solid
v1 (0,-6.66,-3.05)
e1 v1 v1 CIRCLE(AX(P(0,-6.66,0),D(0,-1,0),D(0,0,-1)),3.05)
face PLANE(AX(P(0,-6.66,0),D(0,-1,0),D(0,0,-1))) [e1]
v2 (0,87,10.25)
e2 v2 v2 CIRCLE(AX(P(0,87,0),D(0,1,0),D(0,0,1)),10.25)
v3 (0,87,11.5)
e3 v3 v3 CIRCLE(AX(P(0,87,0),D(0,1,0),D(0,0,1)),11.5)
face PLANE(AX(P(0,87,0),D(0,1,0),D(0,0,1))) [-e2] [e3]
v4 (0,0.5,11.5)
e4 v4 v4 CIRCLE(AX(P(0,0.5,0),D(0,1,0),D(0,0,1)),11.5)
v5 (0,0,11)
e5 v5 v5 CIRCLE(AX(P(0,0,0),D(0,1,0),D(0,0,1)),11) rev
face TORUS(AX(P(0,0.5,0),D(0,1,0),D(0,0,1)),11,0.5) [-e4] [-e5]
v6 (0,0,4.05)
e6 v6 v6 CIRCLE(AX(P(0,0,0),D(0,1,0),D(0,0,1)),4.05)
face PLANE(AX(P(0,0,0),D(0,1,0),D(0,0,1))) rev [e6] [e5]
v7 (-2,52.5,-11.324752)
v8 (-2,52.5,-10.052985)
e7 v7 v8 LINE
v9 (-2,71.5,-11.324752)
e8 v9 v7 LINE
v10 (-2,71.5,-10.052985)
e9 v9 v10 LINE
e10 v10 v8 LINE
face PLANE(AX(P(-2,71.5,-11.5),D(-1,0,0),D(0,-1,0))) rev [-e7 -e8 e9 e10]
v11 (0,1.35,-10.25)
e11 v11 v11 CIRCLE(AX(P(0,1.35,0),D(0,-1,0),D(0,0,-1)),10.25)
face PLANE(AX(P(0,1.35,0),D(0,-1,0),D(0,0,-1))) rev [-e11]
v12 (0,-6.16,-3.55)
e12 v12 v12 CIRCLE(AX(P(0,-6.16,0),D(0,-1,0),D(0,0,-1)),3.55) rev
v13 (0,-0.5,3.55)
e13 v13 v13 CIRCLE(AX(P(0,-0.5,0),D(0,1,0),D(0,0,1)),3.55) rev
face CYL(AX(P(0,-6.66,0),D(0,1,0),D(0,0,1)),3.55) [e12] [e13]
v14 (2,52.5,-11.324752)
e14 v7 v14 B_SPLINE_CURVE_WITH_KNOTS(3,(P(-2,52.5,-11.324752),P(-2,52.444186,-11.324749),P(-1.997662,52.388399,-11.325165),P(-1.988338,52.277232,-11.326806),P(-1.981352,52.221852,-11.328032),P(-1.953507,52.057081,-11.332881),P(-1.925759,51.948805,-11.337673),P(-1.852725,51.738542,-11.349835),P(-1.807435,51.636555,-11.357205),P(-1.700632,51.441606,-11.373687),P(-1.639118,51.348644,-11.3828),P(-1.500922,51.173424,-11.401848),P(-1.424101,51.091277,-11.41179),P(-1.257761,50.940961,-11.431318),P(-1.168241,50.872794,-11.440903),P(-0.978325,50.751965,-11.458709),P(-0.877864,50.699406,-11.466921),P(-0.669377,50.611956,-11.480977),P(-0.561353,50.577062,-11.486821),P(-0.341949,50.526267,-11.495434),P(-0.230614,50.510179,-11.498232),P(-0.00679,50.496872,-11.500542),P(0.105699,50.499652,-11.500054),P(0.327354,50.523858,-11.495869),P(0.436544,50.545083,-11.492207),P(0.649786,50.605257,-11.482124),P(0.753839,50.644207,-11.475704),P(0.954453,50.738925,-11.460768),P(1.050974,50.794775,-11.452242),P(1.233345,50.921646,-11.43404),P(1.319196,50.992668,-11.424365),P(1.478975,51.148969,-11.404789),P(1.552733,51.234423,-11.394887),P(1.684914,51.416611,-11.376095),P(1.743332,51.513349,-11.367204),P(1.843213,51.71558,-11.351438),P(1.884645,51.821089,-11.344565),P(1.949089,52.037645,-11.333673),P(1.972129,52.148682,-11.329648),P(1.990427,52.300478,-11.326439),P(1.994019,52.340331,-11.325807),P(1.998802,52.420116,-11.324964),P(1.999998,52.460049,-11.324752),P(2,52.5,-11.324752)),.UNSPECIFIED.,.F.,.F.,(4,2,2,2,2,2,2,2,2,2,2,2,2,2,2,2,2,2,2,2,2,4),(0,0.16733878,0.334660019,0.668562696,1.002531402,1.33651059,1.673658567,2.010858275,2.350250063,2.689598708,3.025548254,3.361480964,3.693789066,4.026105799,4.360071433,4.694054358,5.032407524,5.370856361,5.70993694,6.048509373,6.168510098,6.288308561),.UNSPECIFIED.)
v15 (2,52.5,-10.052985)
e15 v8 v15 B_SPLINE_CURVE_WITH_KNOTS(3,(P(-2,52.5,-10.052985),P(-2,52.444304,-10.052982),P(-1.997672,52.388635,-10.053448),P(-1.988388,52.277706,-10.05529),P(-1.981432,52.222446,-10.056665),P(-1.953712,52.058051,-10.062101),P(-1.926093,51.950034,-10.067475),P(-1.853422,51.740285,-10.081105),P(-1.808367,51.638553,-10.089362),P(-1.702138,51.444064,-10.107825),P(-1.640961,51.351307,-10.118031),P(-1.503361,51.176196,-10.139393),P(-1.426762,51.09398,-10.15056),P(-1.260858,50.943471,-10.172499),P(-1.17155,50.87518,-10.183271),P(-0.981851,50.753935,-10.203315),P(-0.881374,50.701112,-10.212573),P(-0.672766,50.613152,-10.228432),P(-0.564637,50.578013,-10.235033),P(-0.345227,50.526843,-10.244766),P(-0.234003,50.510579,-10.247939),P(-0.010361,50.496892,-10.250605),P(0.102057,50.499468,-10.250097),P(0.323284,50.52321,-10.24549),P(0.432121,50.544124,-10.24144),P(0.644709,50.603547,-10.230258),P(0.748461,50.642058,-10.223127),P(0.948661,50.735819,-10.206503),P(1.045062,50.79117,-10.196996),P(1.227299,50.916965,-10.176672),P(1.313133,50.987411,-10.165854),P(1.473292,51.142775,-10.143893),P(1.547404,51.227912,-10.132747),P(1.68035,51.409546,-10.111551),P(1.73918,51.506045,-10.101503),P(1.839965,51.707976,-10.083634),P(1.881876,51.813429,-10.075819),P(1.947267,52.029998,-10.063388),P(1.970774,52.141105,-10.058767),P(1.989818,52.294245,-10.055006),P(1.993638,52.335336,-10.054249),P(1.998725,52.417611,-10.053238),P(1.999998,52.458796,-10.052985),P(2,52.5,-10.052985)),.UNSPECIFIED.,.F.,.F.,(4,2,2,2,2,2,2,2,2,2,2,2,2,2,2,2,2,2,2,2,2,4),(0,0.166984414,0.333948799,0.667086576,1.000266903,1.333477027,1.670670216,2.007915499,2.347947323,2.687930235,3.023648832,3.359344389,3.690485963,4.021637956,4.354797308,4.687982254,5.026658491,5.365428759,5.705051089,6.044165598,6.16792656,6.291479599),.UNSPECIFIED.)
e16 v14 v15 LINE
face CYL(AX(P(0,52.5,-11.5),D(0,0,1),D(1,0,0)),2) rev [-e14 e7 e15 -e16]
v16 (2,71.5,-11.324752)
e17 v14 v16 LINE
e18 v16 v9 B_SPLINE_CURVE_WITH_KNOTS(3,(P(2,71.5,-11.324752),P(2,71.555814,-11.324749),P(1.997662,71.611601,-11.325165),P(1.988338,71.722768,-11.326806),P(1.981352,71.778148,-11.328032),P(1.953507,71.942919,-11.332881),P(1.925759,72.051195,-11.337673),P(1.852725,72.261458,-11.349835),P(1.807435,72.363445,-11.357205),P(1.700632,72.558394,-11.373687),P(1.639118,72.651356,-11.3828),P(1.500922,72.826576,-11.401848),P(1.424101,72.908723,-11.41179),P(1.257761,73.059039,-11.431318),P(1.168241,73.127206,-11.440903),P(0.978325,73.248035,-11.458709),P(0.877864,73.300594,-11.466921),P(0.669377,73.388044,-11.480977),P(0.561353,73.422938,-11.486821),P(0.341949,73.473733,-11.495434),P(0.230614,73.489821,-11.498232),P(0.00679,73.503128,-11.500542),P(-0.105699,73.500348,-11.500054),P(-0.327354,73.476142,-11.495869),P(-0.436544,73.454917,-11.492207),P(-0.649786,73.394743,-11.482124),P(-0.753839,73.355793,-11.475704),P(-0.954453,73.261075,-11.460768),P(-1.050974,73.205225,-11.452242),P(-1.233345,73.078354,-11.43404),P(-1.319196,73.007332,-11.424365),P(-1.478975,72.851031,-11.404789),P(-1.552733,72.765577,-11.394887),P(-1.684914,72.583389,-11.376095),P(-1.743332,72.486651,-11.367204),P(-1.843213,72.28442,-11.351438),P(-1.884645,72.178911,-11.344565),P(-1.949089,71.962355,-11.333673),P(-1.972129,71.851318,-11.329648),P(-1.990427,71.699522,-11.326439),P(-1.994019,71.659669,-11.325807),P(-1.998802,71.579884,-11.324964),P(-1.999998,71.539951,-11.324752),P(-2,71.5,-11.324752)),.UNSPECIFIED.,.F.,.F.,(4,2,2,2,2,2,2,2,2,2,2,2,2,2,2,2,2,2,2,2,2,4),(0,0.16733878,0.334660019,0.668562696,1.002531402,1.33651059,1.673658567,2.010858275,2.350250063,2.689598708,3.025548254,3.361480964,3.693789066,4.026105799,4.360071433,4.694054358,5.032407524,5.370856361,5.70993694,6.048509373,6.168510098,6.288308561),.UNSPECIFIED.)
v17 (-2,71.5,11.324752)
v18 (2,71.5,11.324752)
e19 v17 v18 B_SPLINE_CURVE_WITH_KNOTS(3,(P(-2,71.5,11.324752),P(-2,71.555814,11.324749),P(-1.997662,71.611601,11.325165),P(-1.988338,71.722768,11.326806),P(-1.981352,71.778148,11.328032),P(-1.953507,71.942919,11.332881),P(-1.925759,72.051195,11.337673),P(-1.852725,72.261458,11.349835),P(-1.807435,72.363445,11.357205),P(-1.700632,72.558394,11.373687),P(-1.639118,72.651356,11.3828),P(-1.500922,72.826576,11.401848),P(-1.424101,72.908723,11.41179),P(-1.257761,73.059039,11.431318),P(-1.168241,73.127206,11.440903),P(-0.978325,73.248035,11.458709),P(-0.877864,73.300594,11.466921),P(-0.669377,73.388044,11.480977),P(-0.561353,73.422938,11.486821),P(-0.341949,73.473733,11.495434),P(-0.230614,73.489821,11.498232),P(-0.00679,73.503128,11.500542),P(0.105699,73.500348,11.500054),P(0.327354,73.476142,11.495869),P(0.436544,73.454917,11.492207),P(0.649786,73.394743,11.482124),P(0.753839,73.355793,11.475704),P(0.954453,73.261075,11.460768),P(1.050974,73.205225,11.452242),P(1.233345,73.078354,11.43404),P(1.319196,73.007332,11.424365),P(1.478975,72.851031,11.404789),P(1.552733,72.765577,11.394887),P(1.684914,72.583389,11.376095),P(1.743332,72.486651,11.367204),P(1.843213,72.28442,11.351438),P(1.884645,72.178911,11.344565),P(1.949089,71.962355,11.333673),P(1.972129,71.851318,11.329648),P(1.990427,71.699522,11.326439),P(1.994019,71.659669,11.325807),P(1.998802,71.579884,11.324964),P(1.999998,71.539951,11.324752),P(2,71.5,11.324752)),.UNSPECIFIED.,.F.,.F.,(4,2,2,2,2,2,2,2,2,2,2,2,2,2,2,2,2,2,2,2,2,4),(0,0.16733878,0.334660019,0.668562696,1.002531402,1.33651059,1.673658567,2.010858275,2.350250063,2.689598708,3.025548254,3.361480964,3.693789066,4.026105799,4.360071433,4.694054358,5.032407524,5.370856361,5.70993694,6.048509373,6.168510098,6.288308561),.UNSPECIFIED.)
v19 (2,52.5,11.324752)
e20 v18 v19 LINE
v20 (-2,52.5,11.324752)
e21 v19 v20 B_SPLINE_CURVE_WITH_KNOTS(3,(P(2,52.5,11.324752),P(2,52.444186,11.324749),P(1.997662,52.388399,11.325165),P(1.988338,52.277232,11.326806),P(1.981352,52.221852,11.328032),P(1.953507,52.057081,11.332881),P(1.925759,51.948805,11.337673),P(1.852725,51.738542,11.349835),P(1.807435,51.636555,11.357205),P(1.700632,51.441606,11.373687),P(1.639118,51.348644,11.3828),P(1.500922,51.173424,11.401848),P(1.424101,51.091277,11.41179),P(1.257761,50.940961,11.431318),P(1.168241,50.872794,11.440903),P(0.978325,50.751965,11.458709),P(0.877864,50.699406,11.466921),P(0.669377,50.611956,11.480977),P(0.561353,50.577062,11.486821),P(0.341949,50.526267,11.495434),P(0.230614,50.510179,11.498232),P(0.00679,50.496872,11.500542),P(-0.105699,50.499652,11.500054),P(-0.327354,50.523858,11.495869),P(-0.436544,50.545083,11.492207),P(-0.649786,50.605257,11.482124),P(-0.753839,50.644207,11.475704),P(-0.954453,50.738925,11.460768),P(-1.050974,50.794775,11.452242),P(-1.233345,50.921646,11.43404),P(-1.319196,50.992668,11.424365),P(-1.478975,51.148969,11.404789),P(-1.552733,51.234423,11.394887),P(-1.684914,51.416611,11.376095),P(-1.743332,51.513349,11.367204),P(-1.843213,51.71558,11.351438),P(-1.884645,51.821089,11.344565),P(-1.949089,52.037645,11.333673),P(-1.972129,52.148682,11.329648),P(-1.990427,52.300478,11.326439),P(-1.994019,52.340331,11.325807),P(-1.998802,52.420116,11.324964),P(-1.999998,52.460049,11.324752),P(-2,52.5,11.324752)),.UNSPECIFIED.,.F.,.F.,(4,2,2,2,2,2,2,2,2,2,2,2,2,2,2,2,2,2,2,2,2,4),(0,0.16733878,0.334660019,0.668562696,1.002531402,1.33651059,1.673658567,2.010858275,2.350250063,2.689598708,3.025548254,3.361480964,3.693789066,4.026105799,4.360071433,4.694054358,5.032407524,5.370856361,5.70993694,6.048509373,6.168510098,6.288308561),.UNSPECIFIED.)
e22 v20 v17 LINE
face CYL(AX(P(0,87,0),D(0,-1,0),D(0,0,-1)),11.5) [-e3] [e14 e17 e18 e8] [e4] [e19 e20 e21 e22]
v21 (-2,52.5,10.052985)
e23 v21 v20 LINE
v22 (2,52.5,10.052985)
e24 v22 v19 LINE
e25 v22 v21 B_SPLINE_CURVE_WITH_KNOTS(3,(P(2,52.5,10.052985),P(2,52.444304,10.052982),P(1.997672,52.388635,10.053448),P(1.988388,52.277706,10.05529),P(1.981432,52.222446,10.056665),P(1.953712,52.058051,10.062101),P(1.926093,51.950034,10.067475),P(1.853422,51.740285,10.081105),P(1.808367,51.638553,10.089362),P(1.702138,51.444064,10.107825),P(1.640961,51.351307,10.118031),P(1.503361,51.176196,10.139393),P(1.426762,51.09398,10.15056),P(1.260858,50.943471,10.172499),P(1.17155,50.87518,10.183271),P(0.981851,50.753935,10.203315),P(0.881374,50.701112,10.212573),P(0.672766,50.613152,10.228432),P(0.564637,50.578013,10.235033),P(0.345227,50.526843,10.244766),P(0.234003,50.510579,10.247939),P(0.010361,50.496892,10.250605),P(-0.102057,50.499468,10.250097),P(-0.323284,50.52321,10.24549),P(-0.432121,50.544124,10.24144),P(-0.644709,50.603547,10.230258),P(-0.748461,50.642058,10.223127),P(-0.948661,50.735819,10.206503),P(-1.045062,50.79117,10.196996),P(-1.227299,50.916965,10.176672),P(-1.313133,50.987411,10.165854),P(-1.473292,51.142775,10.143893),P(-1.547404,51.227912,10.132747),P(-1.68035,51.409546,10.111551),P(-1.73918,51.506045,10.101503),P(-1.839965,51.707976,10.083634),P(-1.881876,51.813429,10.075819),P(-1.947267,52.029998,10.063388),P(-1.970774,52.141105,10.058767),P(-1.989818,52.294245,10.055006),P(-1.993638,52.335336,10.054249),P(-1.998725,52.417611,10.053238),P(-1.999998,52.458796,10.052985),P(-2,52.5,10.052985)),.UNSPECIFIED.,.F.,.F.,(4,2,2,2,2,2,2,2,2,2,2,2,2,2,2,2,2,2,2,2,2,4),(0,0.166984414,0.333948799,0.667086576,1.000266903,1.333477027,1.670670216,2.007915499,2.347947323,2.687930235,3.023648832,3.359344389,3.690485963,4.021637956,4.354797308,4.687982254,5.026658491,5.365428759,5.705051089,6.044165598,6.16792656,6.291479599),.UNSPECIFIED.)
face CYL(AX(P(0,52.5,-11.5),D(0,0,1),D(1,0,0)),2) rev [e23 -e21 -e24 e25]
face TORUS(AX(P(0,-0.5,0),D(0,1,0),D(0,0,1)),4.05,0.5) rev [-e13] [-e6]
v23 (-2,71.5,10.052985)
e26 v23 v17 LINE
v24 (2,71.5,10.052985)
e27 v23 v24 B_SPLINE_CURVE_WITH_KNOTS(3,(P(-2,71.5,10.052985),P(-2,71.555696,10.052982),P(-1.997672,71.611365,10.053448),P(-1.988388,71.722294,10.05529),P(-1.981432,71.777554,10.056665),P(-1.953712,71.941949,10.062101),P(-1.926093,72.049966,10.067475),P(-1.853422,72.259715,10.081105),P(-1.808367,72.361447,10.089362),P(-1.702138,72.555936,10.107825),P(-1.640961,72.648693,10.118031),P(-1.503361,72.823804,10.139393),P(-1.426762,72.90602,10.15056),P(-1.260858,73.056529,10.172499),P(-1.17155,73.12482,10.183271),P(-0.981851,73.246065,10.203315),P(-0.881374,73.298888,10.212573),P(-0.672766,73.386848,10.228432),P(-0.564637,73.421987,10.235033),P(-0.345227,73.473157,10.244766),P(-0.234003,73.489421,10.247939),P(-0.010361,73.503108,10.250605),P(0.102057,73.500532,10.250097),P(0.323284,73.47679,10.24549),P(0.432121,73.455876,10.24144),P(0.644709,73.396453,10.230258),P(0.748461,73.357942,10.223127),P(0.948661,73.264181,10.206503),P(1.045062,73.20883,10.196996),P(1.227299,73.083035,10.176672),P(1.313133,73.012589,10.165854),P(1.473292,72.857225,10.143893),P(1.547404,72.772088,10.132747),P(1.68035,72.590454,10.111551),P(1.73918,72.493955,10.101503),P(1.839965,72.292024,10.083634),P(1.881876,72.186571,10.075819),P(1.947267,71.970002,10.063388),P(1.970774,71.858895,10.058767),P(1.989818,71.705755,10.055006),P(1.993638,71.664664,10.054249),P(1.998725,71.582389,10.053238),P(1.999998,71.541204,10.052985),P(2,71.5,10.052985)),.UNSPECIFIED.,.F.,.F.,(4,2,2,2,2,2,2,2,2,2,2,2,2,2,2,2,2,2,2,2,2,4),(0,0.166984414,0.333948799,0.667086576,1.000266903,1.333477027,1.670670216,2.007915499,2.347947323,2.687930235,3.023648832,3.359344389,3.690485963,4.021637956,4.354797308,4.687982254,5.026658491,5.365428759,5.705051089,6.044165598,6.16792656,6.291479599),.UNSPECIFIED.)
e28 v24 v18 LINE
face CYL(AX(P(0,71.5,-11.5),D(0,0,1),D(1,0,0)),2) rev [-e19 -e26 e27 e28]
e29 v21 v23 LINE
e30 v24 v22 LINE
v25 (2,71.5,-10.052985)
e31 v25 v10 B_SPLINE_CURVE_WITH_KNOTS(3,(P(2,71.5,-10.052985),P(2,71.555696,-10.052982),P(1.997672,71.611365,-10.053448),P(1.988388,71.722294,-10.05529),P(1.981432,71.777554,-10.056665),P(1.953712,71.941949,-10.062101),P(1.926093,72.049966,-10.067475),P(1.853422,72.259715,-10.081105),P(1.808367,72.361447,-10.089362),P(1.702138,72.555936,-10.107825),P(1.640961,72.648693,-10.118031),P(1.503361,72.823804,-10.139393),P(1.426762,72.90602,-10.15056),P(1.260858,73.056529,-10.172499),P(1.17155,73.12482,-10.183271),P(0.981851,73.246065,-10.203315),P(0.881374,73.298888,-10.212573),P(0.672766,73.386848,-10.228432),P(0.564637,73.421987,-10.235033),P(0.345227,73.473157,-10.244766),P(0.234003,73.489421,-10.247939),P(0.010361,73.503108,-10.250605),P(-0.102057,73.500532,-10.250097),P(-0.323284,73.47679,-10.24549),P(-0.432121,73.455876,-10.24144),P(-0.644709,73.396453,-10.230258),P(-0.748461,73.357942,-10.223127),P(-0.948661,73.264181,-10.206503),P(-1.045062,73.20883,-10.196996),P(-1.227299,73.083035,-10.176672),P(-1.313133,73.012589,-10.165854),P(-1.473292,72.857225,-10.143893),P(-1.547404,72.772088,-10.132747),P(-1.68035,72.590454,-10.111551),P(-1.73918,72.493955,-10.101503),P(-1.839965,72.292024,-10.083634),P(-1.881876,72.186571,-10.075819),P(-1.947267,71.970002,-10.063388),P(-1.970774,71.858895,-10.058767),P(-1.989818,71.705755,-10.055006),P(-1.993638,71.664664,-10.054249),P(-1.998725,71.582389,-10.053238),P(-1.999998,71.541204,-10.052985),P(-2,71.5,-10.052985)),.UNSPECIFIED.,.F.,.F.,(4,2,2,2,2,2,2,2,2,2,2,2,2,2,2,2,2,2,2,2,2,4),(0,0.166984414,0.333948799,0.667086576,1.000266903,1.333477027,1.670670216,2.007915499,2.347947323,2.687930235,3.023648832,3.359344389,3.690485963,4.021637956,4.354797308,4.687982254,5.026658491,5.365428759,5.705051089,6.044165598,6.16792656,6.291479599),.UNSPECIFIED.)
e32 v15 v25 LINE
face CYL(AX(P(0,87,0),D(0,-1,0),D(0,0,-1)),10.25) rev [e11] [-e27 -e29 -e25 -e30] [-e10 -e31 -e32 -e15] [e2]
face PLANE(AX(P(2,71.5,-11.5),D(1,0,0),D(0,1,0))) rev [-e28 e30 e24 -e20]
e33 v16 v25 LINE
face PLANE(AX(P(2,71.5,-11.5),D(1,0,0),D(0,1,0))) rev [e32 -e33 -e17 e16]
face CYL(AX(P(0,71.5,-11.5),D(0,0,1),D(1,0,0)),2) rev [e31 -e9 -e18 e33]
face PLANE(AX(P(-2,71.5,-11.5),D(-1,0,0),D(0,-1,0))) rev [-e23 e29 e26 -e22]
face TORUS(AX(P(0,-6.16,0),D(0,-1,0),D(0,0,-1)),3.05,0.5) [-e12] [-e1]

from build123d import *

# Parameters (mm, degrees)
SKETCH1_R               = 11.5
SKETCH1_R_2             = 10.25
BOSS_EXTRUDE1_DEPTH     = 87
SKETCH2_R               = 10.25
BOSS_EXTRUDE2_DEPTH     = 1.35
SKETCH3_R               = 3.55
BOSS_EXTRUDE3_DEPTH     = 6.66
CUT_EXTRUDE1_DEPTH      = 12.5
CUT_EXTRUDE1_DEPTH_BACK = 12.5
FILLET1_R               = 0.5


with BuildPart() as part:
    # Sketch1 → Boss-Extrude1 (new body)
    with BuildSketch(Plane(origin=(0, 0, 0), x_dir=(1, 0, 0), z_dir=(0, 1, 0))):
        Circle(SKETCH1_R)
        Circle(SKETCH1_R_2, mode=Mode.SUBTRACT)
    extrude(amount=BOSS_EXTRUDE1_DEPTH)

    # Sketch2 → Boss-Extrude2 (add)
    with BuildSketch(Plane.XZ):
        Circle(SKETCH2_R)
    extrude(amount=-BOSS_EXTRUDE2_DEPTH)

    # Sketch3 → Boss-Extrude3 (add)
    with BuildSketch(Plane.XZ):
        Circle(SKETCH3_R)
    extrude(amount=BOSS_EXTRUDE3_DEPTH)

    # Sketch4 → Cut-Extrude1 (cut, two sides)
    with BuildSketch(Plane.XY) as cut_extrude1_sk:
        with BuildLine():
            Line((-2, 71.5), (-2, 52.5))
            ThreePointArc((-2, 52.5), (0, 50.5), (2, 52.5))
            Line((2, 52.5), (2, 71.5))
            ThreePointArc((2, 71.5), (0, 73.5), (-2, 71.5))
        make_face()
    extrude(amount=CUT_EXTRUDE1_DEPTH, mode=Mode.SUBTRACT)
    extrude(cut_extrude1_sk.sketch, amount=-CUT_EXTRUDE1_DEPTH_BACK, mode=Mode.SUBTRACT)

    # Fillet1
    fillet1_edges = [part.edges().sort_by_distance(p)[0] for p in [
        (-3.55, 0, 0),
        (-3.55, -6.66, 0),
        (-11.5, 0, 0),
    ]]
    fillet(fillet1_edges, radius=FILLET1_R)


solid = part.part
